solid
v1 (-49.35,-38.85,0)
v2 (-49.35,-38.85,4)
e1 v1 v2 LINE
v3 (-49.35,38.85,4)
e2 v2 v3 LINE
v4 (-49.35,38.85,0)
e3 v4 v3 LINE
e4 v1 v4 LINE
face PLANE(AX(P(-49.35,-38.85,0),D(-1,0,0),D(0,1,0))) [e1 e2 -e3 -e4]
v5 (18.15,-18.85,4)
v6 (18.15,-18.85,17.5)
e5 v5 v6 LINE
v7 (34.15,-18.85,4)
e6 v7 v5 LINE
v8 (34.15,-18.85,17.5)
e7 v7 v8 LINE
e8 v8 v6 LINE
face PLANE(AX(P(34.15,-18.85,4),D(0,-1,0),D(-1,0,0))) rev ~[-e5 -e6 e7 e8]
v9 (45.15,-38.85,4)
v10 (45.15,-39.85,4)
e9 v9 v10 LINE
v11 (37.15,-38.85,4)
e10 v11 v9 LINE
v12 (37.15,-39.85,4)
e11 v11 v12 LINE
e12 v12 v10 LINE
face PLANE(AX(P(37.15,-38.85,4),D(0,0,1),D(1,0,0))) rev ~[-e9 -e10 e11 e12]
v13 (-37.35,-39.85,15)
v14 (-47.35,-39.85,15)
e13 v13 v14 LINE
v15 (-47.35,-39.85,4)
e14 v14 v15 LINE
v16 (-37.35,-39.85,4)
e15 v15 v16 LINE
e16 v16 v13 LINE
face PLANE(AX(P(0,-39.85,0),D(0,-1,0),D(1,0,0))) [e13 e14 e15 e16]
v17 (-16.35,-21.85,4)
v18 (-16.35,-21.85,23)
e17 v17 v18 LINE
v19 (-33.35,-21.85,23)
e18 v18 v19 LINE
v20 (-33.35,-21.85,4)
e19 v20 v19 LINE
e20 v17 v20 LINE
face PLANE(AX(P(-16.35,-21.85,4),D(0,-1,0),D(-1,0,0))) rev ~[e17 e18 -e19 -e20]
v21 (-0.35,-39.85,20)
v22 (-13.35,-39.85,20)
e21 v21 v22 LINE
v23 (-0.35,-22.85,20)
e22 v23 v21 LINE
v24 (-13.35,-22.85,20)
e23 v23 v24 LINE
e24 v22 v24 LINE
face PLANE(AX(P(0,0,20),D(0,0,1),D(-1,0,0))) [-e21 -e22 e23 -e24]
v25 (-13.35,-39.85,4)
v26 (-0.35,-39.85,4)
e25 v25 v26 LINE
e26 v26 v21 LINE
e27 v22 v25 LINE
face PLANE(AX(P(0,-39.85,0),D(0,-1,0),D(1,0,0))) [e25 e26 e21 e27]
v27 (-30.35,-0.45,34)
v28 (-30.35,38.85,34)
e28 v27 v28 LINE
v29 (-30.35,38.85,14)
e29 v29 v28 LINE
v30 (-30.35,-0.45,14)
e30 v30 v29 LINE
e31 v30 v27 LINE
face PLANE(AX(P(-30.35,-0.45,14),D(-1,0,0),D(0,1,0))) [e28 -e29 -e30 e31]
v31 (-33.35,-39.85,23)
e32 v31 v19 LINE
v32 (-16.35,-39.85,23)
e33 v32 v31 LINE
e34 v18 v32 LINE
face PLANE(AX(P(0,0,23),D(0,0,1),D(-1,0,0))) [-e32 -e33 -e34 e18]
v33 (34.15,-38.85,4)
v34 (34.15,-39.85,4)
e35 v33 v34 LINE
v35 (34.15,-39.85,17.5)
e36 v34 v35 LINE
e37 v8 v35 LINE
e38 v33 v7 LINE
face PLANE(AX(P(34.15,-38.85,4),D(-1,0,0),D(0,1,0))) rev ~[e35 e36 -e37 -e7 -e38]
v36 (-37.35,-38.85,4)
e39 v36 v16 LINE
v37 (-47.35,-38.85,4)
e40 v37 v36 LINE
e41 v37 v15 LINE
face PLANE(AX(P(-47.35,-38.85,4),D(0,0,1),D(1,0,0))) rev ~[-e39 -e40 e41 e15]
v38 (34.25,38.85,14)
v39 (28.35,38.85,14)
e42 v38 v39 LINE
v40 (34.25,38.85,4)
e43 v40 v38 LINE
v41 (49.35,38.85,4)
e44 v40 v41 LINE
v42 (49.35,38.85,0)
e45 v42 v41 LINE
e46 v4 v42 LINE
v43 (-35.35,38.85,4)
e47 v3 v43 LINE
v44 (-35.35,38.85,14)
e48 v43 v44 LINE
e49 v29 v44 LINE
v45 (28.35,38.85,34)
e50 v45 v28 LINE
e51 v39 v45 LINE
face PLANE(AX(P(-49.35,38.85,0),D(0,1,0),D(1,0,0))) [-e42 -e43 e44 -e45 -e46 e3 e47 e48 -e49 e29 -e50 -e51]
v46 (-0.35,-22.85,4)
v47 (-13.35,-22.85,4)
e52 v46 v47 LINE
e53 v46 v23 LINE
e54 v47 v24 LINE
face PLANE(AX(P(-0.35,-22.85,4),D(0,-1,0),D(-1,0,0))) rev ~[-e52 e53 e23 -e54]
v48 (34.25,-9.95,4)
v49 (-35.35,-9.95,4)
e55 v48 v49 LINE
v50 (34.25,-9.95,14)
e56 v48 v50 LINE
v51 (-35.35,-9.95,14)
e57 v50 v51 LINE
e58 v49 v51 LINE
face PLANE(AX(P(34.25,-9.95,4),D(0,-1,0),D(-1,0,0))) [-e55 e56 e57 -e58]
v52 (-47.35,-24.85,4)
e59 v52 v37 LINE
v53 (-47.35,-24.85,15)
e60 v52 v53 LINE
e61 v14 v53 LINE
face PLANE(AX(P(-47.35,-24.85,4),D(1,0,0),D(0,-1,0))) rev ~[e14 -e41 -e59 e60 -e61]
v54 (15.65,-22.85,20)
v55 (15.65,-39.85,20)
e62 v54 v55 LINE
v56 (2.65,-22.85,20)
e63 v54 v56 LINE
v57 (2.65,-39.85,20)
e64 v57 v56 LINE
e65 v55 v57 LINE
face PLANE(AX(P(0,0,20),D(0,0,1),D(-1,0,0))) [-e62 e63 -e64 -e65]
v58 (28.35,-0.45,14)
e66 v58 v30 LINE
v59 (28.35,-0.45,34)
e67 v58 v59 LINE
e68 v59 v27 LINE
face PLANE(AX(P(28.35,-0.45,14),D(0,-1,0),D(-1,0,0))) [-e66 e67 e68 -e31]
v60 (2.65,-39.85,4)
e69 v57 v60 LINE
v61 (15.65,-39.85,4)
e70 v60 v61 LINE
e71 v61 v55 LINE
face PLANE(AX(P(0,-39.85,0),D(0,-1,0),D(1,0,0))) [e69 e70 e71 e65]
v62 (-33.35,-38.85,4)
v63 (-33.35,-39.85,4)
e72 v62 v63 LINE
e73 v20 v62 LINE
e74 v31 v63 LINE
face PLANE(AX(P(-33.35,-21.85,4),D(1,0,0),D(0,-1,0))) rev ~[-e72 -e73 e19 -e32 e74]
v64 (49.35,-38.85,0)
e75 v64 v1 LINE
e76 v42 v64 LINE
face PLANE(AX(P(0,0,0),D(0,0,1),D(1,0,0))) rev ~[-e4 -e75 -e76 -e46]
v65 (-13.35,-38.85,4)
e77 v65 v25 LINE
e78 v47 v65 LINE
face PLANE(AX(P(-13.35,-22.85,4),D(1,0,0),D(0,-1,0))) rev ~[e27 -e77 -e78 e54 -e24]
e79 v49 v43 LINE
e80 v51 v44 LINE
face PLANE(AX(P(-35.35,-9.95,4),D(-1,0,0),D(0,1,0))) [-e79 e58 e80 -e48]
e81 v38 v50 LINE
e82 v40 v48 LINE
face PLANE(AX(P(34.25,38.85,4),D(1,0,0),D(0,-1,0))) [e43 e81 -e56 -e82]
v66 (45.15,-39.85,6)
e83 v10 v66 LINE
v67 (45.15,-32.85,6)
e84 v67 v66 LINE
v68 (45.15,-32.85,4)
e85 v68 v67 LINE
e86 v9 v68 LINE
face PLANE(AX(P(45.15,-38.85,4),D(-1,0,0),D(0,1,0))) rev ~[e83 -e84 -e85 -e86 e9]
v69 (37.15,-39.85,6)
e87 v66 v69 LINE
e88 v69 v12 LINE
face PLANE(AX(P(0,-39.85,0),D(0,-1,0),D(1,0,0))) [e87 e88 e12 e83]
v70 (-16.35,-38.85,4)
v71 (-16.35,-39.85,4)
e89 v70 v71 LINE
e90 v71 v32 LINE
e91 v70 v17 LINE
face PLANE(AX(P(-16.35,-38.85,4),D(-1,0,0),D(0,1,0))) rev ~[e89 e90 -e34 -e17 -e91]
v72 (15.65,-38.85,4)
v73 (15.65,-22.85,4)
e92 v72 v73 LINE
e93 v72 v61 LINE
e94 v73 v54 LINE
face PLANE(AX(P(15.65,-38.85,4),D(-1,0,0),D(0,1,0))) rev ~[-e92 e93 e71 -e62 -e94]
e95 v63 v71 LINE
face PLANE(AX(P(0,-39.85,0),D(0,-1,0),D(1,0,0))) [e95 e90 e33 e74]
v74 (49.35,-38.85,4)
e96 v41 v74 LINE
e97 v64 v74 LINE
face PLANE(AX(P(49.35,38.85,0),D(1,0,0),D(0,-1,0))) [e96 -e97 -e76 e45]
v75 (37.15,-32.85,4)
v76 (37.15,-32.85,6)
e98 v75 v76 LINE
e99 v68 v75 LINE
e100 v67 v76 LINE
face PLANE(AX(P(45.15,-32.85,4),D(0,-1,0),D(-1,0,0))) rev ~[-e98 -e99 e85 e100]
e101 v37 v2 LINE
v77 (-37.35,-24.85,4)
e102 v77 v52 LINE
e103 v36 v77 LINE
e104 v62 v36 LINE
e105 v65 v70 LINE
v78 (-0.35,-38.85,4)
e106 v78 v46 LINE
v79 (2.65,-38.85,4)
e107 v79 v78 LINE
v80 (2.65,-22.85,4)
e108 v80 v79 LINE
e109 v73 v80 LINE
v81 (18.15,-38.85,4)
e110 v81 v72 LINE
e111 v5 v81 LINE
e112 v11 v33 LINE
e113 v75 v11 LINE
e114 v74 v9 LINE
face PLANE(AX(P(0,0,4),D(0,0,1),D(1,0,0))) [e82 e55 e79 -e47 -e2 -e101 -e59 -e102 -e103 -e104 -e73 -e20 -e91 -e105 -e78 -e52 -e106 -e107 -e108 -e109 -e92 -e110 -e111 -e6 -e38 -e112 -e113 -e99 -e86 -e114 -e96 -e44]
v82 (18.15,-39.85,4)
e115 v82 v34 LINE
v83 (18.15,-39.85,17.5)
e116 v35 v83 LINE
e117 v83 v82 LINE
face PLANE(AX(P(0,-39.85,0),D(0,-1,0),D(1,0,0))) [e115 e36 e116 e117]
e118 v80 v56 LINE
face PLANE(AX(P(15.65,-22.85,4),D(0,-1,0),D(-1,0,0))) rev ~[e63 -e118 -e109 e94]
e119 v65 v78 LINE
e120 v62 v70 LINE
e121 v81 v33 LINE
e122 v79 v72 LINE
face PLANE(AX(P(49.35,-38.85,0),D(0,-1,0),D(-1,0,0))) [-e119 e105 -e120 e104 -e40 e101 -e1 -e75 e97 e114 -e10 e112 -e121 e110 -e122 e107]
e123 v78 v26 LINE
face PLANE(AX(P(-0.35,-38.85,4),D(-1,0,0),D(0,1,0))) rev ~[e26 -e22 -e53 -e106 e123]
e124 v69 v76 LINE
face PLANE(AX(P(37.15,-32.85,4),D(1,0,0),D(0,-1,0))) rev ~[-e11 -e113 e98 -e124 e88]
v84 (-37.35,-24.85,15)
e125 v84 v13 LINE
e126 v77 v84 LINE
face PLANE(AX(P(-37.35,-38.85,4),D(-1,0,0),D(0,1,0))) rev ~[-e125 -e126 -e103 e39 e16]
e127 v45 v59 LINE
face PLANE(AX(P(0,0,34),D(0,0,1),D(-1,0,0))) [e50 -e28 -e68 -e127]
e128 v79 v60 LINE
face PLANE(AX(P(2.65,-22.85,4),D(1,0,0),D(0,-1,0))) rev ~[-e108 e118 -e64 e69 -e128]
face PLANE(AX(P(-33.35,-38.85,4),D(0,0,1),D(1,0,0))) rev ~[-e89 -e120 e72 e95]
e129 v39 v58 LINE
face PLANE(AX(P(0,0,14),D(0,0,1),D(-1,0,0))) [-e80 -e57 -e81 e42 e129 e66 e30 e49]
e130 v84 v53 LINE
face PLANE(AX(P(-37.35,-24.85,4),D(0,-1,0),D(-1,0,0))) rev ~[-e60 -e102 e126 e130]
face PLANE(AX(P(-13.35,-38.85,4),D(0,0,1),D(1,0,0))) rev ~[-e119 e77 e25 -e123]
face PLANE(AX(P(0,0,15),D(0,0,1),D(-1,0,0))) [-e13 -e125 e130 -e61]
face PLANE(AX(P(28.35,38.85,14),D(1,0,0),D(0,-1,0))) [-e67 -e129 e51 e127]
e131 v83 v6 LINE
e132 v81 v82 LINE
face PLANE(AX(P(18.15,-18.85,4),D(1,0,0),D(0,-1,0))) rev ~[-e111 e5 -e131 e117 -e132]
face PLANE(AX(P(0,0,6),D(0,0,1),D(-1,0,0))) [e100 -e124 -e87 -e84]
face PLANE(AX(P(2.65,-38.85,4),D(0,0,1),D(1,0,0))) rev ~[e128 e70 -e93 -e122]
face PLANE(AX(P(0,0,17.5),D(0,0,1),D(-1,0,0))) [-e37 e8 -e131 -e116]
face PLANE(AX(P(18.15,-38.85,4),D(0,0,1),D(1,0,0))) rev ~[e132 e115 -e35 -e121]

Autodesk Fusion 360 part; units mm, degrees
sketch "Sketch1" plane through (0, 0, 0) normal (0, 0, 1) x (1, 0, 0)
  line L0 (49.35, -38.85) -> (-49.35, -38.85)
  line L1 (-49.35, -38.85) -> (-49.35, 38.85)
  line L2 (-49.35, 38.85) -> (49.35, 38.85)
  line L3 (49.35, 38.85) -> (49.35, -38.85)
  line L4 (49.35, -38.85) -> (-49.35, 38.85) construction
  line L5 (-49.35, -38.85) -> (49.35, 38.85) construction
  dimension "d1" = 98.7
  dimension "d2" = 77.7
extrude "Extrude1" add sketch "Sketch1" along normal blind 4
sketch "Sketch2" plane through (0, 0, 4) normal (0, 0, 1) x (-1, 0, 0)
  line L0 (-49.35, -38.85) -> (49.35, -38.85)
  line L1 (49.35, -38.85) -> (49.35, 38.85)
  line L2 (49.35, 38.85) -> (-49.35, 38.85)
  line L3 (-49.35, 38.85) -> (-49.35, -38.85)
  line L4 (35.35, -38.85) -> (-34.25, -38.85)
  line L5 (-34.25, -38.85) -> (-34.25, 9.95)
  line L6 (-34.25, 9.95) -> (35.35, 9.95)
  line L7 (35.35, 9.95) -> (35.35, -38.85)
  dimension "d5" = 69.6
  dimension "d6" = 48.8
  dimension "d7" = 14
extrude "Extrude2" add sketch "Sketch2" along normal blind 10 contours L0 L4 L5 L6 L7
sketch "Sketch3" plane through (0, 0, 14) normal (0, 0, 1) x (-1, 0, 0)
  line L0 (35.35, 9.95) -> (-34.25, 9.95)
  line L1 (-34.25, 9.95) -> (-34.25, -38.85)
  line L2 (-34.25, -38.85) -> (35.35, -38.85)
  line L3 (35.35, -38.85) -> (35.35, 9.95)
  line L4 (30.35, -38.85) -> (-28.35, -38.85)
  line L5 (-28.35, -38.85) -> (-28.35, 0.45)
  line L6 (-28.35, 0.45) -> (30.35, 0.45)
  line L7 (30.35, 0.45) -> (30.35, -38.85)
  dimension "d10" = 39.3
  dimension "d11" = 58.7
  dimension "d12" = 5
extrude "Extrude3" add sketch "Sketch3" along normal blind 20 contours L2 L4 L5 L6 L7
sketch "Sketch4" plane through (0, 0, 4) normal (0, 0, 1) x (-1, 0, 0)
  line L0 (-34.25, -38.85) -> (-34.25, 9.95)
  line L1 (-34.25, 9.95) -> (35.35, 9.95)
  line L2 (35.35, 9.95) -> (35.35, -38.85)
  line L3 (35.35, -38.85) -> (49.35, -38.85)
  line L4 (49.35, -38.85) -> (49.35, 38.85)
  line L5 (49.35, 38.85) -> (-49.35, 38.85)
  line L6 (-49.35, 38.85) -> (-49.35, -38.85)
  line L7 (-49.35, -38.85) -> (-34.25, -38.85)
  line L8 (47.35, 38.85) -> (37.35, 38.85)
  line L9 (37.35, 38.85) -> (37.35, 24.85)
  line L10 (37.35, 24.85) -> (47.35, 24.85)
  line L11 (47.35, 24.85) -> (47.35, 38.85)
  line L12 (33.35, 38.85) -> (16.35, 38.85)
  line L13 (16.35, 38.85) -> (16.35, 21.85)
  line L14 (16.35, 21.85) -> (33.35, 21.85)
  line L15 (33.35, 21.85) -> (33.35, 38.85)
  line L16 (13.35, 38.85) -> (0.35, 38.85)
  line L17 (0.35, 38.85) -> (0.35, 22.85)
  line L18 (0.35, 22.85) -> (13.35, 22.85)
  line L19 (13.35, 22.85) -> (13.35, 38.85)
  line L20 (-2.65, 38.85) -> (-15.65, 38.85)
  line L21 (-15.65, 38.85) -> (-15.65, 22.85)
  line L22 (-15.65, 22.85) -> (-2.65, 22.85)
  line L23 (-2.65, 22.85) -> (-2.65, 38.85)
  line L24 (-18.15, 38.85) -> (-34.15, 38.85)
  line L25 (-34.15, 38.85) -> (-34.15, 18.85)
  line L26 (-34.15, 18.85) -> (-18.15, 18.85)
  line L27 (-18.15, 18.85) -> (-18.15, 38.85)
  line L28 (-37.15, 38.85) -> (-45.15, 38.85)
  line L29 (-45.15, 38.85) -> (-45.15, 32.85)
  line L30 (-45.15, 32.85) -> (-37.15, 32.85)
  line L31 (-37.15, 32.85) -> (-37.15, 38.85)
  dimension "d15" = 10
  dimension "d16" = 14
  dimension "d17" = 17
  dimension "d18" = 17
  dimension "d19" = 2
  dimension "d20" = 4
  dimension "d21" = 13
  dimension "d22" = 16
  dimension "d23" = 13
  dimension "d24" = 16
  dimension "d25" = 3
  dimension "d26" = 3
  dimension "d27" = 16
  dimension "d28" = 20
  dimension "d29" = 2.5
  dimension "d30" = 8
  dimension "d31" = 6
  dimension "d32" = 3
extrude "Extrude4" add sketch "Sketch4" along normal blind 11 contours L5 L8 L9 L10 L11
extrude "Extrude5" add sketch "Sketch4" along normal blind 19 contours L5 L12 L13 L14 L15
extrude "Extrude6" add sketch "Sketch4" along normal blind 16 contours L5 L20 L21 L22 L23 | L5 L16 L17 L18 L19
extrude "Extrude7" add sketch "Sketch4" along normal blind 13.5 contours L5 L24 L25 L26 L27
extrude "Extrude8" add sketch "Sketch4" along normal blind 2 contours L5 L28 L29 L30 L31
sketch "Sketch5" plane through (0, -38.85, 0) normal (0, -1, 0) x (1, 0, 0)
  line L0 (-49.35, 0) -> (49.35, 0)
  line L1 (49.35, 0) -> (49.35, 4)
  line L2 (49.35, 4) -> (45.15, 4)
  line L3 (45.15, 4) -> (45.15, 6)
  line L4 (45.15, 6) -> (37.15, 6)
  line L5 (37.15, 6) -> (37.15, 4)
  line L6 (37.15, 4) -> (34.15, 4)
  line L7 (34.15, 4) -> (34.15, 17.5)
  line L8 (34.15, 17.5) -> (18.15, 17.5)
  line L9 (18.15, 17.5) -> (18.15, 4)
  line L10 (18.15, 4) -> (15.65, 4)
  line L11 (15.65, 4) -> (15.65, 20)
  line L12 (15.65, 20) -> (2.65, 20)
  line L13 (2.65, 20) -> (2.65, 4)
  line L14 (2.65, 4) -> (-0.35, 4)
  line L15 (-0.35, 4) -> (-0.35, 20)
  line L16 (-0.35, 20) -> (-13.35, 20)
  line L17 (-13.35, 20) -> (-13.35, 4)
  line L18 (-13.35, 4) -> (-16.35, 4)
  line L19 (-16.35, 4) -> (-16.35, 23)
  line L20 (-16.35, 23) -> (-33.35, 23)
  line L21 (-33.35, 23) -> (-33.35, 4)
  line L22 (-33.35, 4) -> (-37.35, 4)
  line L23 (-37.35, 4) -> (-37.35, 15)
  line L24 (-37.35, 15) -> (-47.35, 15)
  line L25 (-47.35, 15) -> (-47.35, 4)
  line L26 (-47.35, 4) -> (-49.35, 4)
  line L27 (-49.35, 4) -> (-49.35, 0)
  line L28 (-47.35, 4) -> (-37.35, 4)
  line L29 (-37.35, 4) -> (-37.35, 15)
  line L30 (-37.35, 15) -> (-47.35, 15)
  line L31 (-47.35, 15) -> (-47.35, 4)
  line L32 (-33.35, 4) -> (-16.35, 4)
  line L33 (-16.35, 4) -> (-16.35, 23)
  line L34 (-16.35, 23) -> (-33.35, 23)
  line L35 (-33.35, 23) -> (-33.35, 4)
  line L36 (-13.35, 4) -> (-0.35, 4)
  line L37 (-0.35, 4) -> (-0.35, 20)
  line L38 (-0.35, 20) -> (-13.35, 20)
  line L39 (-13.35, 20) -> (-13.35, 4)
  line L40 (2.65, 4) -> (15.65, 4)
  line L41 (15.65, 4) -> (15.65, 20)
  line L42 (15.65, 20) -> (2.65, 20)
  line L43 (2.65, 20) -> (2.65, 4)
  line L44 (18.15, 4) -> (34.15, 4)
  line L45 (34.15, 4) -> (34.15, 17.5)
  line L46 (34.15, 17.5) -> (18.15, 17.5)
  line L47 (18.15, 17.5) -> (18.15, 4)
  line L48 (37.15, 4) -> (45.15, 4)
  line L49 (45.15, 4) -> (45.15, 6)
  line L50 (45.15, 6) -> (37.15, 6)
  line L51 (37.15, 6) -> (37.15, 4)
extrude "Extrude9" add sketch "Sketch5" along normal blind 1 contours L23 L24 L25 L28 L29 L30 L31 | L3 L4 L5 L48 L49 L50 L51 | L19 L20 L21 L32 L33 L34 L35 | L7 L8 L9 L44 L45 L46 L47 | L15 L16 L17 L36 L37 L38 L39 | L11 L12 L13 L40 L41 L42 L43
